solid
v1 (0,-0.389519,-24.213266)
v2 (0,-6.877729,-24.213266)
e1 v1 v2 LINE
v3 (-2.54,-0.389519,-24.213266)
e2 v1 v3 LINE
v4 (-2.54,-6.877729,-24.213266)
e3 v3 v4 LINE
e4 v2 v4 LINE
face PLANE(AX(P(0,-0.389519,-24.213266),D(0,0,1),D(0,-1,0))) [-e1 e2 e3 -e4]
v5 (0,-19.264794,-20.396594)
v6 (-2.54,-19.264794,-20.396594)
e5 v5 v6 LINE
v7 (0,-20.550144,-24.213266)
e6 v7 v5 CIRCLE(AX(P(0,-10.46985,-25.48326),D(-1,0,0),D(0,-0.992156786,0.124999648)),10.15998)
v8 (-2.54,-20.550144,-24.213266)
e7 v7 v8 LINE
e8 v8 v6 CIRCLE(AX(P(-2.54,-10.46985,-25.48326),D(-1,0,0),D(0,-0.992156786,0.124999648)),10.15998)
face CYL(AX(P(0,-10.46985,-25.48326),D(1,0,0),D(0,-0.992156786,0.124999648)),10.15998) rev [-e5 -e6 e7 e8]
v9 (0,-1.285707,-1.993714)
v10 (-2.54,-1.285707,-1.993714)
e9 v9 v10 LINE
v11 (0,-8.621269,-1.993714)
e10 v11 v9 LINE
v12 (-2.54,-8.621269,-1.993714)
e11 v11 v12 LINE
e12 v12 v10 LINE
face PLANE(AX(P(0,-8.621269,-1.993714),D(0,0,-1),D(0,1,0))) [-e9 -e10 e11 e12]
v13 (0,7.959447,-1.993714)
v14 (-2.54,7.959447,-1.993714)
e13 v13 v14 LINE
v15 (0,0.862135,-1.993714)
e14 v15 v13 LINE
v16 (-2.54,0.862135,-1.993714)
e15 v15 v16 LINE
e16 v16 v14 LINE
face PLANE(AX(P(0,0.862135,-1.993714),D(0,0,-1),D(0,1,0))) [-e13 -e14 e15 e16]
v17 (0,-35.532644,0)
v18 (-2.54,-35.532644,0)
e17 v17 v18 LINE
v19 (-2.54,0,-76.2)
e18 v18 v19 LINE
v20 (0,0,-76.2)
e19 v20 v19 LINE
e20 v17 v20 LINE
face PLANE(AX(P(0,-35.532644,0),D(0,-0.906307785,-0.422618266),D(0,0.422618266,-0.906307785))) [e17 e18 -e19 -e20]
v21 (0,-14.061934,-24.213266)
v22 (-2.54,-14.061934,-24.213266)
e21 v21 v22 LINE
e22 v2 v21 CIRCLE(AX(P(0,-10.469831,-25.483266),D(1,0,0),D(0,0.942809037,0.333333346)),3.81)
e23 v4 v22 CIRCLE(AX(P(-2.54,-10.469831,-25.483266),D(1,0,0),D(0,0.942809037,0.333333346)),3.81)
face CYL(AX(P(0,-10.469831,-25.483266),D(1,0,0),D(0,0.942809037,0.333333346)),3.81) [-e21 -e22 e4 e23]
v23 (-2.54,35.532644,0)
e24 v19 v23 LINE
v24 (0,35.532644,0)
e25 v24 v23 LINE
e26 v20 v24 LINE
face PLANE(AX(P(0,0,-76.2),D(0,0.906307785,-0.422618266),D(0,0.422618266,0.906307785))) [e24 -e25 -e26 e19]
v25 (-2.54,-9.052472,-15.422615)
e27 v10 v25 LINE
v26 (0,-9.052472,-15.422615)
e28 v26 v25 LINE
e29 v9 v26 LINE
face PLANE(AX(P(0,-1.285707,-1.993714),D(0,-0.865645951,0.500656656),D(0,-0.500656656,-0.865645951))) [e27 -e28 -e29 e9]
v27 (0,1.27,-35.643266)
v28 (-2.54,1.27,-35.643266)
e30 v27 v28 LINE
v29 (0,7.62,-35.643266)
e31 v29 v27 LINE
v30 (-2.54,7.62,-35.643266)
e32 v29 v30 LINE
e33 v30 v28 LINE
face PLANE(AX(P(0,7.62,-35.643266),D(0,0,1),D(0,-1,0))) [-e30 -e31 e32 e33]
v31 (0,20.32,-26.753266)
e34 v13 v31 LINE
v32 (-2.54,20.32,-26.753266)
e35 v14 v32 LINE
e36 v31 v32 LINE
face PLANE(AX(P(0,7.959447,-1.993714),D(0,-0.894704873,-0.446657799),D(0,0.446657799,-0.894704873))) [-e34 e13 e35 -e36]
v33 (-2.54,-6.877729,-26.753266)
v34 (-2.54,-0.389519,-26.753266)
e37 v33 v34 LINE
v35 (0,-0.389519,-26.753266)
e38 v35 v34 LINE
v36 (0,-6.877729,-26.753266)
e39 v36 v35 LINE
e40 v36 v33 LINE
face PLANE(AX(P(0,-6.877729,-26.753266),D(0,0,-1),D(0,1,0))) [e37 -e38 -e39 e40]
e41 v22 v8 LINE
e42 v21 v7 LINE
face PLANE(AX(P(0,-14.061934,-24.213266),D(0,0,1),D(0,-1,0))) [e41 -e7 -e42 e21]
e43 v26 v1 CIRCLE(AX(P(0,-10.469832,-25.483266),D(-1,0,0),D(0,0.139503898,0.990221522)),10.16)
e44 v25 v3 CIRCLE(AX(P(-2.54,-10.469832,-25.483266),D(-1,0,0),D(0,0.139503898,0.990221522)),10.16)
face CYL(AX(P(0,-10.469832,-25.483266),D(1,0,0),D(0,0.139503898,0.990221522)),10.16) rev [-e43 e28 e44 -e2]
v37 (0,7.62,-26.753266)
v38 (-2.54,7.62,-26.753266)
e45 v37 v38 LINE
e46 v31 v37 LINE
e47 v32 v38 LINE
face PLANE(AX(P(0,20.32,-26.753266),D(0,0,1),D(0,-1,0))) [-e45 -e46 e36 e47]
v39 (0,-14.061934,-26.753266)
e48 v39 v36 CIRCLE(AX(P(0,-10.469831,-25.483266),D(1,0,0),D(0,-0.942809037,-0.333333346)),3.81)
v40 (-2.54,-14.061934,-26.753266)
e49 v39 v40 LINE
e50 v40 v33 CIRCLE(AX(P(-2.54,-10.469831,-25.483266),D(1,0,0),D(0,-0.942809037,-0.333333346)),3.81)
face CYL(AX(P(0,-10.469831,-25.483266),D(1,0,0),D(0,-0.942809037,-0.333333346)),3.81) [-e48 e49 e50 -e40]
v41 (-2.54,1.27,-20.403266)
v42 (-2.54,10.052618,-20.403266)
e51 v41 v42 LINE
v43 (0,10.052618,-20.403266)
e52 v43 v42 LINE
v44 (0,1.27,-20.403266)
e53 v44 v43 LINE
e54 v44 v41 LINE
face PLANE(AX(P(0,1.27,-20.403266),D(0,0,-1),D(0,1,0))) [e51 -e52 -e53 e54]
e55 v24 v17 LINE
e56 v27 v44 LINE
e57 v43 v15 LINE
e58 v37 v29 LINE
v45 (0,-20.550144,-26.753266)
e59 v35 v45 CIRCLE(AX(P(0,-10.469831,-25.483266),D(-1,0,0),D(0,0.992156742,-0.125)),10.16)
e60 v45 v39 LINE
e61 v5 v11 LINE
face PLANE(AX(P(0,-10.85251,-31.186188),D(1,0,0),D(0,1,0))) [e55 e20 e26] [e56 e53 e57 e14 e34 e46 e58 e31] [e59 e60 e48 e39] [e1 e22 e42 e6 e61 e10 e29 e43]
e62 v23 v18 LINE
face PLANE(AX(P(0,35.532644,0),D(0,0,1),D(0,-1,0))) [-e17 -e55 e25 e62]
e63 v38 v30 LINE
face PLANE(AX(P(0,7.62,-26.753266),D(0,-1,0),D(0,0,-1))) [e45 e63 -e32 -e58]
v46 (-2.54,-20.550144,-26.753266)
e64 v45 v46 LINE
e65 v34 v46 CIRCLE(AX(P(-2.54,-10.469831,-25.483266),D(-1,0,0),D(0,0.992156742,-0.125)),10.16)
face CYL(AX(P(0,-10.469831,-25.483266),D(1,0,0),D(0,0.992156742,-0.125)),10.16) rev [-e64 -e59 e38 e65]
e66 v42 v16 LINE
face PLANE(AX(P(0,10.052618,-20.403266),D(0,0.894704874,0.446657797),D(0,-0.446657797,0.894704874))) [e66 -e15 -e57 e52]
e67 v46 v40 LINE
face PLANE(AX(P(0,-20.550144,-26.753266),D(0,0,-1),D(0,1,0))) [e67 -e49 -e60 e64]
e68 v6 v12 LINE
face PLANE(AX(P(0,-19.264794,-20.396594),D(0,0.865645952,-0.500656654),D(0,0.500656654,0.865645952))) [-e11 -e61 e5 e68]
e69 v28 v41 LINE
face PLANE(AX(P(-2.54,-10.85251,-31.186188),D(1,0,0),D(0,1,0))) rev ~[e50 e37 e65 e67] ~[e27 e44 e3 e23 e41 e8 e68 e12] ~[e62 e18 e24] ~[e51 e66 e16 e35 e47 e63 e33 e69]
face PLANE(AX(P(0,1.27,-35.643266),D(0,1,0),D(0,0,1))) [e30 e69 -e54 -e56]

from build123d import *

# Parameters (mm, degrees)
F1_DEPTH = 2.54


with BuildPart() as f1:
    # F0 (on Right) → F1 (new body)
    with BuildSketch(Plane.YZ):
        Polygon((0, 0), (-35.532644, 0), (0, -76.2), align=None)
        with BuildLine():
            Line((-20.550144, -26.753266), (-14.061934, -26.753266))
            ThreePointArc((-14.061934, -26.753266), (-10.469832, -29.293266), (-6.877729, -26.753266))
            Line((-6.877729, -26.753266), (-0.389519, -26.753266))
            ThreePointArc((-0.389519, -26.753266), (-10.469832, -35.643266), (-20.550144, -26.753266))
        make_face(mode=Mode.SUBTRACT)
        with BuildLine():
            Line((-19.264794, -20.396594), (-8.621269, -1.993714))
            Line((-8.621269, -1.993714), (-1.285707, -1.993714))
            Line((-1.285707, -1.993714), (-9.052472, -15.422615))
            ThreePointArc((-9.052472, -15.422615), (-3.233258, -18.351814), (-0.389519, -24.213266))
            Line((-0.389519, -24.213266), (-6.877729, -24.213266))
            ThreePointArc((-6.877729, -24.213266), (-10.469832, -21.673266), (-14.061934, -24.213266))
            Line((-14.061934, -24.213266), (-20.550144, -24.213266))
            ThreePointArc((-20.550144, -24.213266), (-20.098474, -22.240605), (-19.264794, -20.396594))
        make_face(mode=Mode.SUBTRACT)
        Polygon((35.532644, 0), (0, 0), (0, -76.2), align=None)
        Polygon((0.862135, -1.993714), (7.959447, -1.993714), (20.32, -26.753266), (7.62, -26.753266), (7.62, -35.643266), (1.27, -35.643266), (1.27, -20.403266), (10.052618, -20.403266), align=None, mode=Mode.SUBTRACT)
    extrude(amount=-F1_DEPTH)


solid = f1.part
